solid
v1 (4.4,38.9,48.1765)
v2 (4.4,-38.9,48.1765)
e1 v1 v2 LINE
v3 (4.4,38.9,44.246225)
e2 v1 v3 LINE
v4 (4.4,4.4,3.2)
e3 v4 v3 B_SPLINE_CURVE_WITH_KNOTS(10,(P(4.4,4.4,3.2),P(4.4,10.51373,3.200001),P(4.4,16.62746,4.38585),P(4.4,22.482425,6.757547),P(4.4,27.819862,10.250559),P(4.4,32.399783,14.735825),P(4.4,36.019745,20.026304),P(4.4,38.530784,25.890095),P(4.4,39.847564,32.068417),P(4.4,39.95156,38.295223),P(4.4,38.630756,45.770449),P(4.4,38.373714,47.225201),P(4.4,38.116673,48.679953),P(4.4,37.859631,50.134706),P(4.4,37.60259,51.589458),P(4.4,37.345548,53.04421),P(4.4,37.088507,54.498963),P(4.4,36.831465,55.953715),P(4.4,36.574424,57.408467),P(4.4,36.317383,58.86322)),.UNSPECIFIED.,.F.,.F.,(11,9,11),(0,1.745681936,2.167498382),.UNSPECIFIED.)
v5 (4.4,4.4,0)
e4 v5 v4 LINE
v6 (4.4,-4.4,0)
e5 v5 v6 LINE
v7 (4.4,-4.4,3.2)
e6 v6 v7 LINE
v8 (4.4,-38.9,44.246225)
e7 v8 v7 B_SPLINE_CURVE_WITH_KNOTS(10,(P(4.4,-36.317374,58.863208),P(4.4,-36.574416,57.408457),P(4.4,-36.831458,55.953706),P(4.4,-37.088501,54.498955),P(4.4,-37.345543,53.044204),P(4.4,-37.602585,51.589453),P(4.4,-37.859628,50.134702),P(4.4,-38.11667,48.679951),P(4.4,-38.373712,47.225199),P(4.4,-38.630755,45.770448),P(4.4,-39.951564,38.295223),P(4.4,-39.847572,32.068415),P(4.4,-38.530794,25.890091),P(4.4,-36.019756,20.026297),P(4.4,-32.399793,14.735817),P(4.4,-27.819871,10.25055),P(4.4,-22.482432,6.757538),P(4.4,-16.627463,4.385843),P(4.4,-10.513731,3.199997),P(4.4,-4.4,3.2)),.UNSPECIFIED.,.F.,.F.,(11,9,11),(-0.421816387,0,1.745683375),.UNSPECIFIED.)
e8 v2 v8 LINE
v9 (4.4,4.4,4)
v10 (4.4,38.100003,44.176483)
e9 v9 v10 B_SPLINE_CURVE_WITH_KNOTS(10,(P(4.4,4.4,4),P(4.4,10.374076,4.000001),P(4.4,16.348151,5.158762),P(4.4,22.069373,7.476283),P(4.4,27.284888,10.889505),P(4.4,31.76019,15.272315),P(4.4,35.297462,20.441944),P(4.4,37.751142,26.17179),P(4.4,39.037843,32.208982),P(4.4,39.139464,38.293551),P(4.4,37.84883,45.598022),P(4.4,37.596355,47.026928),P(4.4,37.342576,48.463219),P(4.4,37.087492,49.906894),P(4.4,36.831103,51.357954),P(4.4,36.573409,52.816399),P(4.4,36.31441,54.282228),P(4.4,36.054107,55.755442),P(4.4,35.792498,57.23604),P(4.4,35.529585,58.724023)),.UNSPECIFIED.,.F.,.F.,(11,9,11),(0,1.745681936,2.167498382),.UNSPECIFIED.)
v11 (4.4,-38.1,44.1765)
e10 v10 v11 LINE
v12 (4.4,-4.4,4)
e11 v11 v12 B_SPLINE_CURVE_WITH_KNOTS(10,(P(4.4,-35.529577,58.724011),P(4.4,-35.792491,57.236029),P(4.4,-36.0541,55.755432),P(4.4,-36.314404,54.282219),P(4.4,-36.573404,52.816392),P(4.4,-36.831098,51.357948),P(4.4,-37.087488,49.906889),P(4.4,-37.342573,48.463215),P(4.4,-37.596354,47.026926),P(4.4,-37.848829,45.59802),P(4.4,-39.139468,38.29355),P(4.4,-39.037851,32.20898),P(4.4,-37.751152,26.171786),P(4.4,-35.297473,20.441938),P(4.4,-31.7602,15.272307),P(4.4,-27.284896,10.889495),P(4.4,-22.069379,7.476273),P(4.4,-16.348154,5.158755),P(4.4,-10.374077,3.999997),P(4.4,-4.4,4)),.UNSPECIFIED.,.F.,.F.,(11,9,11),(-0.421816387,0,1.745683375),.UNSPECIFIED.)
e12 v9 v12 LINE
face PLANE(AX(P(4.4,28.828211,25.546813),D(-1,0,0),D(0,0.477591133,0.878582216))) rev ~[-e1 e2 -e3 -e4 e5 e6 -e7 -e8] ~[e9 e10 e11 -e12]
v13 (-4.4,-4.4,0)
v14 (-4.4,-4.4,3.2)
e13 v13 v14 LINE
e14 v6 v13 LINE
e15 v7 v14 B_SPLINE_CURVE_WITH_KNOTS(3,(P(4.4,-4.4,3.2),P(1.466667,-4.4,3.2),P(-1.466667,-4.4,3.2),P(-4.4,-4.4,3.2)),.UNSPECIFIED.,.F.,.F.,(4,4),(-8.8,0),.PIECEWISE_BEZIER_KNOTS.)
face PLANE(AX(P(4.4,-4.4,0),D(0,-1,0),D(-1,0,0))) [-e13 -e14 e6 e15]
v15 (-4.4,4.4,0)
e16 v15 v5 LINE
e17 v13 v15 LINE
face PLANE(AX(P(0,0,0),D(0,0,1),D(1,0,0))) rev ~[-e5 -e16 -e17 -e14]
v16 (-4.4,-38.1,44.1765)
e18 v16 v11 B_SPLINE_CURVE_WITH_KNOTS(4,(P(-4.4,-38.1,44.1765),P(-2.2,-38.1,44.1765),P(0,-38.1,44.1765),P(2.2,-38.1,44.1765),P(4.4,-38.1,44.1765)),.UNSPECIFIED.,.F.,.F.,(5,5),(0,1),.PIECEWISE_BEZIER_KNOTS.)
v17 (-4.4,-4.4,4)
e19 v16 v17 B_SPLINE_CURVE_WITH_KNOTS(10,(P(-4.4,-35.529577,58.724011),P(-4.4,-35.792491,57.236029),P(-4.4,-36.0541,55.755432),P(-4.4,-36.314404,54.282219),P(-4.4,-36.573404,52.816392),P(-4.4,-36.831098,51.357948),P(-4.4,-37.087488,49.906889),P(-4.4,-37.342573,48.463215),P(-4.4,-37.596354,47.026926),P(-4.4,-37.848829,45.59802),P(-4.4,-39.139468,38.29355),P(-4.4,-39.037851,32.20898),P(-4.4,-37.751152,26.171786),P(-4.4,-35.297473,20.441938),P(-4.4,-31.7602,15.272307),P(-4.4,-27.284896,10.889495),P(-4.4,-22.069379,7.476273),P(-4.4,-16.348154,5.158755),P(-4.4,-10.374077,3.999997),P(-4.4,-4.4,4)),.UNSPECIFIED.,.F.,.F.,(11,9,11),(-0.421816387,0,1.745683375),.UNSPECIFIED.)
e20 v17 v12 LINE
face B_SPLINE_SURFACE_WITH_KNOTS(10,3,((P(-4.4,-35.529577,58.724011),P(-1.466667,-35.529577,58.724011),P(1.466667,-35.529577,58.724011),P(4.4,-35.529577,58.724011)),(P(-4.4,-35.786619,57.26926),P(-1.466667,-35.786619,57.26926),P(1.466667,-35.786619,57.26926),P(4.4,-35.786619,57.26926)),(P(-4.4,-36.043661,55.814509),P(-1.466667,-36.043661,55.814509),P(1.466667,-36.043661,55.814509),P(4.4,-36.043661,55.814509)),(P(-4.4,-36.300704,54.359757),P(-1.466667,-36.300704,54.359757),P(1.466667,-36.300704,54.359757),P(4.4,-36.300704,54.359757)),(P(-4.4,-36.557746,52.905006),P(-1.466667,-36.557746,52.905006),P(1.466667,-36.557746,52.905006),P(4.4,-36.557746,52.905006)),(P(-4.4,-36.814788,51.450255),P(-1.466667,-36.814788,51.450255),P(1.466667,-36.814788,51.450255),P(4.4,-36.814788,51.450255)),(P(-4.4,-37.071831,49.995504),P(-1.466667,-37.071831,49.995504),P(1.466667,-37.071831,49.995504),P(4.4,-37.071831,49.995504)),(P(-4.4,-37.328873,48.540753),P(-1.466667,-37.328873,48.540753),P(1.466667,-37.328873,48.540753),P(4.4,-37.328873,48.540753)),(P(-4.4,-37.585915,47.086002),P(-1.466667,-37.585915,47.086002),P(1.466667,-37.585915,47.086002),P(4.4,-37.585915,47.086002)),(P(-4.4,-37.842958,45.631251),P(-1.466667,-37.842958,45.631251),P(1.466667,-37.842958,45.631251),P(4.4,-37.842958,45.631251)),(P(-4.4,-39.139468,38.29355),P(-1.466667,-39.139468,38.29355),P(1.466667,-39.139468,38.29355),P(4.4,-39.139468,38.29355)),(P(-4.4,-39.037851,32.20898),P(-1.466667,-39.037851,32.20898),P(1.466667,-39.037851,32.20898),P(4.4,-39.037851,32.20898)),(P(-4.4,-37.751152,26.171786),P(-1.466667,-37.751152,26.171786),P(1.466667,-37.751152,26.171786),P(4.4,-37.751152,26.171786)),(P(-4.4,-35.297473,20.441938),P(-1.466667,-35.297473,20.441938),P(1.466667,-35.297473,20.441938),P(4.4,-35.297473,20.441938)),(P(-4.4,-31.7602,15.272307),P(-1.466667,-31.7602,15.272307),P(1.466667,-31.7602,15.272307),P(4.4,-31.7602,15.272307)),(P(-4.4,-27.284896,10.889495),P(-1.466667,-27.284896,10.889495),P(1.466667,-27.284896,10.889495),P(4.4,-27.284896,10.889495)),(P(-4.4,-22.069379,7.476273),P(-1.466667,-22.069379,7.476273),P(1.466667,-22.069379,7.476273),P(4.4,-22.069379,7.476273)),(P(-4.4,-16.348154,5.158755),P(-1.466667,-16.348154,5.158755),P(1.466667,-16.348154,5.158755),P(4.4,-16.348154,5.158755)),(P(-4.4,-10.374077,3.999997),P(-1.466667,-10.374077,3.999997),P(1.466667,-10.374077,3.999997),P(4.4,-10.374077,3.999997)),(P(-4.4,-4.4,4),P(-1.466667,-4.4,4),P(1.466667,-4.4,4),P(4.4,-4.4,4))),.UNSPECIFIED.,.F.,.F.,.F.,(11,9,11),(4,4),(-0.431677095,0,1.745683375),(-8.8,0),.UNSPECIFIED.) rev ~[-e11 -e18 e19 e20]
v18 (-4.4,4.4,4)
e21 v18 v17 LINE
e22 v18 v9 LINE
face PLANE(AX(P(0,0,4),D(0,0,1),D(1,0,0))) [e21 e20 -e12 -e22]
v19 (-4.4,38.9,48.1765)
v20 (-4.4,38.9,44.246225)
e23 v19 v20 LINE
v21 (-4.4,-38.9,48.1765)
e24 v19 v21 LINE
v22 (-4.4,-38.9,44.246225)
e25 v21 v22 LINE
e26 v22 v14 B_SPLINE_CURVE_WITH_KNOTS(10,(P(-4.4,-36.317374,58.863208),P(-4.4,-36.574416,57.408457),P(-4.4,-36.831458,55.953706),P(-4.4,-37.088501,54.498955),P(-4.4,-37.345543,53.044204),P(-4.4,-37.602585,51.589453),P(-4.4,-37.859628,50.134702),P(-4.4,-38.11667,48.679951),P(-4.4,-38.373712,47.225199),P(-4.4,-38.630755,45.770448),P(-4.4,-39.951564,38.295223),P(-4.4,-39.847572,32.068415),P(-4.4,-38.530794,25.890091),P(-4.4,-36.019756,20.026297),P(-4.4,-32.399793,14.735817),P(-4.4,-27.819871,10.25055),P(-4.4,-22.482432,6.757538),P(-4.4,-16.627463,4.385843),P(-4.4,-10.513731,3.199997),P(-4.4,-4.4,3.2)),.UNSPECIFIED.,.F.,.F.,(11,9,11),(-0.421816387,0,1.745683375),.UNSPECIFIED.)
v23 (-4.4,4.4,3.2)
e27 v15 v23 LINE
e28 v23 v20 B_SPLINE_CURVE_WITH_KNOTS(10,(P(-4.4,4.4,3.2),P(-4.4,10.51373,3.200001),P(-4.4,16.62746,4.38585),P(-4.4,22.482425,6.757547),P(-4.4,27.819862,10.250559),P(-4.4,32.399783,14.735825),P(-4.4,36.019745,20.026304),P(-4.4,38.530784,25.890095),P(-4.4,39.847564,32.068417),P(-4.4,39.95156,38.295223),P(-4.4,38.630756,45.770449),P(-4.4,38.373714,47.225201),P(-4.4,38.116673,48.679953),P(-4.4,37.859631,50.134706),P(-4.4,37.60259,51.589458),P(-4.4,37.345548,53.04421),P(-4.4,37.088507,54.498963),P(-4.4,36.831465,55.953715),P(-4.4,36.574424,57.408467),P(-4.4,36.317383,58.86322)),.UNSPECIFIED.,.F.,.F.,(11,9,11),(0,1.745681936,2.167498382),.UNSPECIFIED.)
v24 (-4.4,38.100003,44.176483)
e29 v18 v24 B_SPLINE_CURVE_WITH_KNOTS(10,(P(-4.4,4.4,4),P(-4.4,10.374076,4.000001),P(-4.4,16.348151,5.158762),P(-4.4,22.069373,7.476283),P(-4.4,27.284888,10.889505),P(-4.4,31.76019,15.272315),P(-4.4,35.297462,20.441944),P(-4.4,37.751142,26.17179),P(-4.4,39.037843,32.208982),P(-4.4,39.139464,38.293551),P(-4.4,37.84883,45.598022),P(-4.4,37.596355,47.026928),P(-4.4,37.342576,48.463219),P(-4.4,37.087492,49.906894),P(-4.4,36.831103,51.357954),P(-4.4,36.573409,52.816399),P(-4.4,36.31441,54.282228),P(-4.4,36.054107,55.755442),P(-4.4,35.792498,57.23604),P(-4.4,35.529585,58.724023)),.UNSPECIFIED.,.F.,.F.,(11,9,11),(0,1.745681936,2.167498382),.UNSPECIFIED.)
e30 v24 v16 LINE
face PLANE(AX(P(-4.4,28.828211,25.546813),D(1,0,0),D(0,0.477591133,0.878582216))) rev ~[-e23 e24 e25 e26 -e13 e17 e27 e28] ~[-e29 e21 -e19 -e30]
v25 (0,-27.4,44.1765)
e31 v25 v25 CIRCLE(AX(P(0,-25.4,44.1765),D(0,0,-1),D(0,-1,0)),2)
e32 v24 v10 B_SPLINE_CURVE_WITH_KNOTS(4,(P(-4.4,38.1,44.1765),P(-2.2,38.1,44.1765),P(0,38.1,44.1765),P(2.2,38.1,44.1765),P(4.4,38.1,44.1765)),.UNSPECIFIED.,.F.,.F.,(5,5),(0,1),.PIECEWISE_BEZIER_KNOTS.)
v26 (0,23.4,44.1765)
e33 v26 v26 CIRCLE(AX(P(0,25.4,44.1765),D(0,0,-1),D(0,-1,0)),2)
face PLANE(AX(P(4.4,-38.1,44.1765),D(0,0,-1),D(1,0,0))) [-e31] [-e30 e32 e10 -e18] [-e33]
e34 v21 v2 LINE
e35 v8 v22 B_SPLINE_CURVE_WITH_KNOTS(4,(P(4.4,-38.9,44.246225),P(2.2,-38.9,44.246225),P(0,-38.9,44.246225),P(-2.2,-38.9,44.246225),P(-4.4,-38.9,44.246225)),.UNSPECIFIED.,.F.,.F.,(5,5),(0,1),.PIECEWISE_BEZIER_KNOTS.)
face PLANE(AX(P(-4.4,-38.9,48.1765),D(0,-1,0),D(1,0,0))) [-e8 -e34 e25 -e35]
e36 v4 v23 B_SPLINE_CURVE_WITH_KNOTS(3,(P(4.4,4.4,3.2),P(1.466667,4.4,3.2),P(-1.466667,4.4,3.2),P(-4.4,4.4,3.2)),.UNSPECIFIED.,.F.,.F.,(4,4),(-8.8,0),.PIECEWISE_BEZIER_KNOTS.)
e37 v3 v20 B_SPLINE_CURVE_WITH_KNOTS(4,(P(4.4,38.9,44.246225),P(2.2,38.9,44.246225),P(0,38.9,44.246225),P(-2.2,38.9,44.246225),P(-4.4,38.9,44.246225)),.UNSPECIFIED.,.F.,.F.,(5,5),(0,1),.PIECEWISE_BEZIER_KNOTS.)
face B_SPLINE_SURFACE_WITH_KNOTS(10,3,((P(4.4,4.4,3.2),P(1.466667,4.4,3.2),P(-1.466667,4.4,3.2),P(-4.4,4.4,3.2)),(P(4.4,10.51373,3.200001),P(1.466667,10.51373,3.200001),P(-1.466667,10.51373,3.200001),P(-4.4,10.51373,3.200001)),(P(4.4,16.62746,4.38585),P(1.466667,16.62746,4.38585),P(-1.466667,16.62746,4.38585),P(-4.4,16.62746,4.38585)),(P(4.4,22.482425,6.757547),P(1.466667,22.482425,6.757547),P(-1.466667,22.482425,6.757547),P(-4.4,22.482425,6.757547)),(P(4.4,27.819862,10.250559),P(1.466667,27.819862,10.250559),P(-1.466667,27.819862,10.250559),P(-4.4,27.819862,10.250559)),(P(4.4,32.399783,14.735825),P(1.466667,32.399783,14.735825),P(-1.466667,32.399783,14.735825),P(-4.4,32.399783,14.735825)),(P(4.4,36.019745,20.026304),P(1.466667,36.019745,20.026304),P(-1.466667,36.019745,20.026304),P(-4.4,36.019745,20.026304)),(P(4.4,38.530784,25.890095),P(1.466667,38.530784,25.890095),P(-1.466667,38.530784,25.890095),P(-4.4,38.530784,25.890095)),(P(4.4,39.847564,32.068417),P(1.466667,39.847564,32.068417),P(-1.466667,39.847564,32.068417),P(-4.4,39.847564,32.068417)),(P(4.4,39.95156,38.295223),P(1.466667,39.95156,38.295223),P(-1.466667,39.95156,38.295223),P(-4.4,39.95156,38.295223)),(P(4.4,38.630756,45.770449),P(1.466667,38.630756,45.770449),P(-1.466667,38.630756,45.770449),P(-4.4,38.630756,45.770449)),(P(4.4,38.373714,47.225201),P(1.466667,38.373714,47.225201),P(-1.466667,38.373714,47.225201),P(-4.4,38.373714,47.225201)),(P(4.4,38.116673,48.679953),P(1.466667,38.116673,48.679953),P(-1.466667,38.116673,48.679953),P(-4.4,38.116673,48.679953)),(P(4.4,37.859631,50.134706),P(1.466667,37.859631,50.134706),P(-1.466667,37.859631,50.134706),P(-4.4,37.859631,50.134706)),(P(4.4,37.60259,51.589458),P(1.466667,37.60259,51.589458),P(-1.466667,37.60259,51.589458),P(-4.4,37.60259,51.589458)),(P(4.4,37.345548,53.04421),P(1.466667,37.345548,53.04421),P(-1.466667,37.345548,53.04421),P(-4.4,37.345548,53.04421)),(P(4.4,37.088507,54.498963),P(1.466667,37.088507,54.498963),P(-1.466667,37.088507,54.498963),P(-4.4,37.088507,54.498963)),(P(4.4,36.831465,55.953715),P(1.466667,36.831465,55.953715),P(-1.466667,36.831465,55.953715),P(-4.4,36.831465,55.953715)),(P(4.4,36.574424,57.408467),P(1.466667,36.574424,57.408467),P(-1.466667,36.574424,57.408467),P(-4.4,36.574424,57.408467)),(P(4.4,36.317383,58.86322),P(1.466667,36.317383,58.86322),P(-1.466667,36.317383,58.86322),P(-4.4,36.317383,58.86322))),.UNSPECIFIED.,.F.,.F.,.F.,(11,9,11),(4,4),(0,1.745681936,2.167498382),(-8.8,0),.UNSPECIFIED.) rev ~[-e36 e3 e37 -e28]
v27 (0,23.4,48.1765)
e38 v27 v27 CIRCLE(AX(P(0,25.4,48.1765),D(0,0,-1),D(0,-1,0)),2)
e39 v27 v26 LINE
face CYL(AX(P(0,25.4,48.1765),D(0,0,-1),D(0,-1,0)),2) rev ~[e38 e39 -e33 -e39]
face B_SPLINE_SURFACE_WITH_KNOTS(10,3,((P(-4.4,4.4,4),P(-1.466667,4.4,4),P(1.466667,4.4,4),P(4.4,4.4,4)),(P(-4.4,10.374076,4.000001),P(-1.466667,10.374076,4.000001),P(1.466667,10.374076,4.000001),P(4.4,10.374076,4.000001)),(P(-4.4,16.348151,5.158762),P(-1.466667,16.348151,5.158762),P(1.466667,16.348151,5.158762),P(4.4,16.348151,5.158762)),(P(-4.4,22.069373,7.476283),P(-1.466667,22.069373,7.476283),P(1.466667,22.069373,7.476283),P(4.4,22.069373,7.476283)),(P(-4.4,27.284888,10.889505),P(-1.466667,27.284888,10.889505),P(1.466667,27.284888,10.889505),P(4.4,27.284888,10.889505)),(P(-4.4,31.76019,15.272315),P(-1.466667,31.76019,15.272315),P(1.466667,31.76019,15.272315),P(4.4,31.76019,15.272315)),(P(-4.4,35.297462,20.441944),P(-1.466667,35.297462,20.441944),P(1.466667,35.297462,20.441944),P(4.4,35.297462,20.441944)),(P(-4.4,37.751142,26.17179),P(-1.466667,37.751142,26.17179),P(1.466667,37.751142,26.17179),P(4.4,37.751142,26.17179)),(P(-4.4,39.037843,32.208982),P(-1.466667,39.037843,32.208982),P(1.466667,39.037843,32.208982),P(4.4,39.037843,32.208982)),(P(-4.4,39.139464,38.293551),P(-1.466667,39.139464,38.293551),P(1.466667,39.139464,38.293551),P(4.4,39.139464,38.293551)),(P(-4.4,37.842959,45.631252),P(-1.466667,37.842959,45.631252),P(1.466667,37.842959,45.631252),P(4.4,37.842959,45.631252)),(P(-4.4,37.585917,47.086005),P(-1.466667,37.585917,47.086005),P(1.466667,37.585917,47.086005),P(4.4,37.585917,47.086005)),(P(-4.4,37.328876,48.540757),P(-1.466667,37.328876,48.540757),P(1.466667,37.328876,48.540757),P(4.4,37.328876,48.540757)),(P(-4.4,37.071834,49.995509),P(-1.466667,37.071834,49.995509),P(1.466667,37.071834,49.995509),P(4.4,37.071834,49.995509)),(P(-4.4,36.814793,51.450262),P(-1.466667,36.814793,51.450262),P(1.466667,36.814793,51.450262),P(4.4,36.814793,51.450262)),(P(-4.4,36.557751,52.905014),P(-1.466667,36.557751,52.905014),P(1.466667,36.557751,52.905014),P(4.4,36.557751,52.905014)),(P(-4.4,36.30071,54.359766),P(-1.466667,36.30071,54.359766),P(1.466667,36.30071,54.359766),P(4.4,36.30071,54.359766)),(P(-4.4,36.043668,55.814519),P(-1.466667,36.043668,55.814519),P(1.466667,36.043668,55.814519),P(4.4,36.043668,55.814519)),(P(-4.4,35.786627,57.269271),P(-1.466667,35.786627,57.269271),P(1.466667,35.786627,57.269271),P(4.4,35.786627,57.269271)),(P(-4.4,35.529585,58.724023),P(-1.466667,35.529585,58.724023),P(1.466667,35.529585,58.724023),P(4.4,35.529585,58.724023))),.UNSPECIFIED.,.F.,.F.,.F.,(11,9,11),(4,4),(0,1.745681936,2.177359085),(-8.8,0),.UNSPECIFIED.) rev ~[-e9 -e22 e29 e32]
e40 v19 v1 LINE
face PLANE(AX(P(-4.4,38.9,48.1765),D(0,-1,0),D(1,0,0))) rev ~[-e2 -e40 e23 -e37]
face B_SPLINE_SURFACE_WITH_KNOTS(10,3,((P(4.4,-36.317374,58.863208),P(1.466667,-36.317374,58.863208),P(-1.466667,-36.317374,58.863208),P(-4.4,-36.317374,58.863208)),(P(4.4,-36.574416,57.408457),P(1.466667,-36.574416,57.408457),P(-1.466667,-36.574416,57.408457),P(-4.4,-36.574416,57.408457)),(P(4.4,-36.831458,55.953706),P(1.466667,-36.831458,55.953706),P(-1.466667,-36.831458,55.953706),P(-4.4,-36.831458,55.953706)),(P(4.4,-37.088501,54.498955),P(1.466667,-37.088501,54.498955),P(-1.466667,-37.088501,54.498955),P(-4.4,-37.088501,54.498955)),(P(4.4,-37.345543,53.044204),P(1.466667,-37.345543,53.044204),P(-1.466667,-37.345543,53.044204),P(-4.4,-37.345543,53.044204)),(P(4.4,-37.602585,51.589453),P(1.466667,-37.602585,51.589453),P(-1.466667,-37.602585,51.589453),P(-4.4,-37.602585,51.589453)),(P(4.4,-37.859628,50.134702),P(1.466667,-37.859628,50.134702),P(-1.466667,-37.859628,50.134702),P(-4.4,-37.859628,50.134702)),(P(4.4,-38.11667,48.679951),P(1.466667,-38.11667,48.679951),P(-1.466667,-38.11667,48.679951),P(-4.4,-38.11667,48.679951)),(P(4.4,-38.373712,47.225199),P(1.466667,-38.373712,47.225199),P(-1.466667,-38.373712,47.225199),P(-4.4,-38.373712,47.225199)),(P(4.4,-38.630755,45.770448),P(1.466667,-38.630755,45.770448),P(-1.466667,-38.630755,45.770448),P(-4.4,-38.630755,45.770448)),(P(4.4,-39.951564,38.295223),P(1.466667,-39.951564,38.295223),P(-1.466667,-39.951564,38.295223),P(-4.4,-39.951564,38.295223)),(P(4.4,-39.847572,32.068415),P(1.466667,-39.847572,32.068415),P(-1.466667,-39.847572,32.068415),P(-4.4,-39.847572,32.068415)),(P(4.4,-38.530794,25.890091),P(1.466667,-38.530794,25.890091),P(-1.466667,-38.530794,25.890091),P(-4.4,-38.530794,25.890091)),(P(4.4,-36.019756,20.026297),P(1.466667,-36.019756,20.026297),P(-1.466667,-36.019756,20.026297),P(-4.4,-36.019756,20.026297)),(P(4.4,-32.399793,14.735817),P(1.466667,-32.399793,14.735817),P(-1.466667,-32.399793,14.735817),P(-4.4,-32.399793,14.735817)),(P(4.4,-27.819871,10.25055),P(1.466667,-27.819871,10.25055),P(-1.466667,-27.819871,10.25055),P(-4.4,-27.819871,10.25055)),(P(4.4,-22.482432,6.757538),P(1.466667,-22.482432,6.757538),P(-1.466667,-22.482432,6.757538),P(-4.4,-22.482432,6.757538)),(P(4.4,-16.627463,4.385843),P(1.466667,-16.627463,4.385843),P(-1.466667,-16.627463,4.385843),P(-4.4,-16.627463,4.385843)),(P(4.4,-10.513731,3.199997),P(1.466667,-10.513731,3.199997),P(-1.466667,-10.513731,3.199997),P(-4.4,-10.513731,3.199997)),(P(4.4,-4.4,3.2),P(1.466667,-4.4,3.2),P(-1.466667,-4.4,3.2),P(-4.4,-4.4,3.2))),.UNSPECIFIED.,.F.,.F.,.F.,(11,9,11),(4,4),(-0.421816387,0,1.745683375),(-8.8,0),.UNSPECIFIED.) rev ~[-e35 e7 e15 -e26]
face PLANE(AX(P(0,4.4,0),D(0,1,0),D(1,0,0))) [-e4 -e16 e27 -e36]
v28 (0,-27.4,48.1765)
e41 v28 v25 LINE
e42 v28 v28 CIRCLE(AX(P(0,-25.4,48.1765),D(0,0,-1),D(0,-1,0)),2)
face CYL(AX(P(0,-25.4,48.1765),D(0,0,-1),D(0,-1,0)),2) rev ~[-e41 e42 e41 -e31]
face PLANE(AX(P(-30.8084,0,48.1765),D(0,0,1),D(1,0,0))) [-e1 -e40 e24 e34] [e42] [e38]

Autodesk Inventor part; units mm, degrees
ref_plane "YZ Plane" through (0, 0, 0) normal (1, 0, 0) x (0, 1, 0)
ref_plane "XZ Plane" through (0, 0, 0) normal (0, 1, 0) x (-1, 0, 0)
ref_plane "XY Plane" through (0, 0, 0) normal (0, 0, 1) x (1, 0, 0)
sketch "Sketch1" plane through (0, 0, 0) normal (0, 0, 1) x (1, 0, 0)
  circle A0 centre (0, 0) radius 2 projected
  arc A1 (3.5334, 2.622) -> (3.5334, -2.622) centre (0, 0) ccw projected
  spline S0 degree 3 poles (3.5334, -2.622) (3.7278, -2.3601) (3.9365, -2.0888) (4.2711, -1.5149) (4.4221, -1.1997) (4.5595, -0.6718) (4.5884, -0.5166) (4.6147, -0.2815) (4.6206, -0.2033) (4.626, -0.0622) (4.6266, 0.0005) (4.624, 0.1338) (4.6203, 0.2042) (4.6043, 0.3928) (4.5877, 0.5103) (4.479, 1.0643) (4.3163, 1.4256) (3.965, 2.0517) (3.7411, 2.3422) (3.5334, 2.622) knots 0 0 0 0 0.091406 0.091406 0.164876 0.164876 0.194861 0.194861 0.209742 0.209742 0.221646 0.221646 0.235028 0.235028 0.25755 0.25755 0.34212 0.34212 0.446672 0.446672 0.446672 0.446672 projected
  line L0 (4.4, -4.4) -> (-4.4, -4.4)
  line L1 (-4.4, -4.4) -> (-4.4, 4.4)
  line L2 (-4.4, 4.4) -> (4.4, 4.4)
  line L3 (4.4, 4.4) -> (4.4, -4.4)
  line L4 (4.4, -4.4) -> (-4.4, 4.4) construction
  line L5 (-4.4, -4.4) -> (4.4, 4.4) construction
  point P0 (0, 0)
extrude "Extrusion1" add sketch "Sketch1" along normal blind 4 contours A0 | S0 L3 A1 | A1 L2 L3 S0 | A1 L1 L2 | A1 L0 L1 | L3 L0 A1 S0
ref_plane "Work Plane1" through (-30.8084, 0, 48.1765) normal (0, 0, 1) x (1, 0, 0)
sketch "Sketch2" plane through (-30.8084, 0, 48.1765) normal (0, 0, 1) x (1, 0, 0)
  line L0 (35.2084, 38.1) -> (26.4084, 38.1)
  line L1 (26.4084, 38.1) -> (26.4084, -38.1)
  line L2 (26.4084, -38.1) -> (35.2084, -38.1)
  line L3 (35.2084, -38.1) -> (35.2084, 38.1)
  line L4 (35.2084, 38.1) -> (26.4084, -38.1) construction
  line L5 (26.4084, 38.1) -> (35.2084, -38.1) construction
  line L6 (35.2084, 4.4) -> (26.4084, 4.4) projected
  line L7 (26.4084, 4.4) -> (26.4084, -4.4) projected
  line L8 (26.4084, -4.4) -> (35.2084, -4.4) projected
  line L9 (35.2084, -4.4) -> (35.2084, 4.4) projected
  line L10 (35.2084, -38.1) -> (26.4084, -38.1)
  line L11 (26.4084, -38.1) -> (26.4084, -38.9)
  line L12 (26.4084, -38.9) -> (35.2084, -38.9)
  line L13 (35.2084, -38.9) -> (35.2084, -38.1)
  line L14 (35.2084, 38.1) -> (26.4084, 38.1)
  line L15 (26.4084, 38.1) -> (26.4084, 38.9)
  line L16 (26.4084, 38.9) -> (35.2084, 38.9)
  line L17 (35.2084, 38.9) -> (35.2084, 38.1)
  point P0 (30.8084, 0)
  point P1 (26.4084, 0)
  point P2 (26.4084, -38.1)
  dimension "d2" = 38.1
  dimension "d8" = 0.8
  dimension "d9" = 0.8
sketch "Sketch4" plane through (-4.4, 4.4, 0) normal (0, 1, 0) x (1, 0, 0)
  line L0 (8.8, 0) -> (8.8, -4) projected
  line L1 (0, 0) -> (0, -4) projected
  line L2 (8.8, -4) -> (0, -4)
  line L3 (0, -4) -> (0, -3.2)
  line L4 (0, -3.2) -> (8.8, -3.2)
  line L5 (8.8, -3.2) -> (8.8, -4)
  point P0 (4.4, 0)
  dimension "d3" = 0.8
extrude "Extrusion2" add sketch "Sketch2" against normal blind 4
sketch "Sketch3" plane through (4.4, -4.4, 0) normal (1, 0, 0) x (0, 0, -1)
  line L0 (-48.1765, -33.7) -> (-48.1765, 42.5) construction
  line L1 (0, 0) -> (0, 8.8) projected
  line L2 (0, 8.8) -> (-4, 8.8) projected
  line L3 (-4, 0) -> (-4, 8.8) projected
  line L4 (0, 0) -> (-4, 0) projected
  arc A0 (-44.1765, -33.7) -> (-4, 0) centre (-38.222, 0) ccw
  line L5 (-44.1765, 43.3) -> (-44.1765, -34.5) projected
  arc A1 (-4, 8.8) -> (-44.1765, 42.5) centre (-38.222, 8.8) ccw
  line L6 (-44.1765, -33.7) -> (-44.1765, 42.5)
  point P0 (0, 4.4)
sweep "Sweep2" add profiles "Sketch4" path "Sketch3" path curves A1 L6 A0
sketch "Sketch5" plane through (-30.8084, 0, 48.1765) normal (0, 0, 1) x (1, 0, 0)
  line L0 (35.2084, -38.9) -> (35.2084, 38.9) projected
  line L1 (35.2084, 38.9) -> (26.4084, 38.9) projected
  line L2 (26.4084, 38.9) -> (26.4084, -38.9) projected
  line L3 (26.4084, -38.9) -> (35.2084, -38.9) projected
  circle A0 centre (30.8084, -25.4) radius 2
  line L4 (35.2084, 0) -> (26.4084, 0)
  circle A1 centre (30.8084, 25.4) radius 2
  point P0 (30.8084, 0)
  dimension "d12" = 4
  dimension "d13" = 25.4
hole "Hole1" at (0, -25.4, 48.1765) at (0, 25.4, 48.1765) direction (0, 0, -1) diameter 4 depth 6
properties part number "MotorMountBackSuspension"
